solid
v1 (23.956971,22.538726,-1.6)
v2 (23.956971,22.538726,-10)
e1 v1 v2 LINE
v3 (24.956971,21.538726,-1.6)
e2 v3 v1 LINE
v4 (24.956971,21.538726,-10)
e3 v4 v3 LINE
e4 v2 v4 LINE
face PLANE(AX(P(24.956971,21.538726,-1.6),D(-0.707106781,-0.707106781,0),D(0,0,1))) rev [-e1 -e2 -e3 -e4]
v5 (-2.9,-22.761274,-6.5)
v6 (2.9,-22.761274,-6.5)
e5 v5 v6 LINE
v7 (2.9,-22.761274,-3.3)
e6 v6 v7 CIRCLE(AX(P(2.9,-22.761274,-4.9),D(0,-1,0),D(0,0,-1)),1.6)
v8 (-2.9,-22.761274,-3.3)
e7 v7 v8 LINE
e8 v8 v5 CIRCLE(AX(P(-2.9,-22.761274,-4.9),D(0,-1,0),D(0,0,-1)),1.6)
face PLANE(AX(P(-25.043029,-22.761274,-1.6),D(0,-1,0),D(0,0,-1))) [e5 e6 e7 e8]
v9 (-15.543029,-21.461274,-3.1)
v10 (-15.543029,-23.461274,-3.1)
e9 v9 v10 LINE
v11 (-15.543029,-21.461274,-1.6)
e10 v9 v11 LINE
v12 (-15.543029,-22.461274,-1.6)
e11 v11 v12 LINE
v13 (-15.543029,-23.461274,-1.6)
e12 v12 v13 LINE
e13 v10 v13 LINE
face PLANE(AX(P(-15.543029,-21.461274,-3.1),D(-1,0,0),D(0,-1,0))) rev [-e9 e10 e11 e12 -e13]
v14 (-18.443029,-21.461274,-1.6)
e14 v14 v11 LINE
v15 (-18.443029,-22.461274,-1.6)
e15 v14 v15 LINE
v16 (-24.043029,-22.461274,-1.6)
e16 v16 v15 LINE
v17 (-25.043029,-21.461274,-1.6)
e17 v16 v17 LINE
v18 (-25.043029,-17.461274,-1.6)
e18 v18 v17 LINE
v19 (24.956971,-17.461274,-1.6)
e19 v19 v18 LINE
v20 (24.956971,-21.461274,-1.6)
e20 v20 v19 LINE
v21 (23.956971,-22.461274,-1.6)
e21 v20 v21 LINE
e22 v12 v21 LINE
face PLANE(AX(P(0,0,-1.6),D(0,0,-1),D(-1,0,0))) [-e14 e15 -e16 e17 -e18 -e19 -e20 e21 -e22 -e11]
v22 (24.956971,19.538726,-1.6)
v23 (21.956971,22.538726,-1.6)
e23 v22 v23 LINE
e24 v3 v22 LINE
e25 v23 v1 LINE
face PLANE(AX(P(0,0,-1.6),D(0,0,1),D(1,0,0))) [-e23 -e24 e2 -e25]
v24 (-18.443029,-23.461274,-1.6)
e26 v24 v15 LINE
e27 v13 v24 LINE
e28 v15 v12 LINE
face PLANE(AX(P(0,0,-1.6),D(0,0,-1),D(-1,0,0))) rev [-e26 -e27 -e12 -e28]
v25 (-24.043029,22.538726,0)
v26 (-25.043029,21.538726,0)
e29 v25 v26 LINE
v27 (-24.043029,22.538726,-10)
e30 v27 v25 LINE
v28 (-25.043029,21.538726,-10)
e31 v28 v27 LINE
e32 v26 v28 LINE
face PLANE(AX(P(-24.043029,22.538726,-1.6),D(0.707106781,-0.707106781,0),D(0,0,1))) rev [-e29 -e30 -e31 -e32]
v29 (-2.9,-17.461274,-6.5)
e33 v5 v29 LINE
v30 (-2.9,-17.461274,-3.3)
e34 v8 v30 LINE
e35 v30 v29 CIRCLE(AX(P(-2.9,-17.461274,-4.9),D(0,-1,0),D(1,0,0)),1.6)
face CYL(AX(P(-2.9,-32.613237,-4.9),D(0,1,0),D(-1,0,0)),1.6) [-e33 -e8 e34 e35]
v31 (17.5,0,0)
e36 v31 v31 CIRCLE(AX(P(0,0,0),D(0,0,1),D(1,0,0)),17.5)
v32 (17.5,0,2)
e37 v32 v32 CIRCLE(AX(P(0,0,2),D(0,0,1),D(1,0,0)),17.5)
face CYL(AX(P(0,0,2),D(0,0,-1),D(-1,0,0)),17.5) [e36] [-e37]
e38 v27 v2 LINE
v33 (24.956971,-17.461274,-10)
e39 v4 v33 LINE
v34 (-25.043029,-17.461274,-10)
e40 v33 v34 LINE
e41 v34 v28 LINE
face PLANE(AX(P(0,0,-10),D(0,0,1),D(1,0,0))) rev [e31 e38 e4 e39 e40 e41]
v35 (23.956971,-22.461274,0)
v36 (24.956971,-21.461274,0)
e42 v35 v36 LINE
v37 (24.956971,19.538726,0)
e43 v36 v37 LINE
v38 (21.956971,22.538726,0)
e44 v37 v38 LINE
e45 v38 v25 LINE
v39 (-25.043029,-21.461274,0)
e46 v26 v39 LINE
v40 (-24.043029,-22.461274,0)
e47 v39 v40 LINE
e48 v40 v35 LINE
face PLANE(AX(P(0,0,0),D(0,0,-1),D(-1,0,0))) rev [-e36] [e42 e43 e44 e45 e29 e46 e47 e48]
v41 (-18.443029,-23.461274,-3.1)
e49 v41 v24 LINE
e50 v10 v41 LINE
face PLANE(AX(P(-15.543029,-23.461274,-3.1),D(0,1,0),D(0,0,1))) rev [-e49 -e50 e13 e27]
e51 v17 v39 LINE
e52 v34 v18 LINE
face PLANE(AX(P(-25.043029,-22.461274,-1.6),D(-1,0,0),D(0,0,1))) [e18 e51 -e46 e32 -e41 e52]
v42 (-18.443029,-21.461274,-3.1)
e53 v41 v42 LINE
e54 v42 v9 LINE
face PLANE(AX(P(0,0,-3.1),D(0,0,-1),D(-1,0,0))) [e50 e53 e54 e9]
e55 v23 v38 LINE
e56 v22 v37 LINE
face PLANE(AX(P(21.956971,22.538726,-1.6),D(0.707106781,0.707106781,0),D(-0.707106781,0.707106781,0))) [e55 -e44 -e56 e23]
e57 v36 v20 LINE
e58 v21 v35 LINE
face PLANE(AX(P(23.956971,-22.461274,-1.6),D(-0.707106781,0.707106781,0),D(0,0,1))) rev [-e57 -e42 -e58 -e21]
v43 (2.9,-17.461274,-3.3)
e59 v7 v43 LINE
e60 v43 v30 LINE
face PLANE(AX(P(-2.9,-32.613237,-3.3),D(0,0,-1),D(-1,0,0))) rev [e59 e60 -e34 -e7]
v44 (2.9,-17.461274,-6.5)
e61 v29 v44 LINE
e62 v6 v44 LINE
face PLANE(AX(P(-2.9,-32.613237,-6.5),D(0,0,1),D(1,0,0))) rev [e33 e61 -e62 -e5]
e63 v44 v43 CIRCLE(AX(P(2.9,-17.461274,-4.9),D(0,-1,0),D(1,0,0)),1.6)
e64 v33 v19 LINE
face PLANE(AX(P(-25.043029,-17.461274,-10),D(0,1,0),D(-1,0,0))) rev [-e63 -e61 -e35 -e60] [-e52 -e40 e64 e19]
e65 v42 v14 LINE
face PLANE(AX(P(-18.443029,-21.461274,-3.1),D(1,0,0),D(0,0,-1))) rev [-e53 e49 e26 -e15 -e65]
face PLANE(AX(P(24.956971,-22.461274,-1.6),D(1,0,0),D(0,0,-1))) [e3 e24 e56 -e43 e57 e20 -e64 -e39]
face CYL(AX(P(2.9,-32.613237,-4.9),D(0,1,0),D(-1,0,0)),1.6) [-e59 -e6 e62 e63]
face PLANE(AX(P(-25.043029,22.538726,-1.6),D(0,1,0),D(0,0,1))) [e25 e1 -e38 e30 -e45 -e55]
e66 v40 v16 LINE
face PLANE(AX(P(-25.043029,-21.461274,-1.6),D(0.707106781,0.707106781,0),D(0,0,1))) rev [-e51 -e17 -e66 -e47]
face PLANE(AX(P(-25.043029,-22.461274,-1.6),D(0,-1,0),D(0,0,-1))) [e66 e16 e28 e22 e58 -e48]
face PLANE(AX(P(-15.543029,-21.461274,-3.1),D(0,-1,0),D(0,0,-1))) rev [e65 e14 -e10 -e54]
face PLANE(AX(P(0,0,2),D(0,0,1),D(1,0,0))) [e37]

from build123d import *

# Parameters (mm, degrees)
EXTRUDE_1_DEPTH = 1.6
SKETCH_2_R      = 17.5
EXTRUDE_2_DEPTH = 2
SKETCH_3_W      = 50
SKETCH_3_H      = 40
EXTRUDE_3_DEPTH = 8.4
EXTRUDE_4_DEPTH = 5.3
SKETCH_5_W      = 2.9
SKETCH_5_H      = 2
EXTRUDE_5_DEPTH = 1.5
CHAMFER_1_SIZE  = 1


with BuildPart() as part:
    # 草图1 → 凸台-拉伸1 (new body)
    with BuildSketch(Plane.XY):
        Polygon((21.95697074, 22.538726334), (24.95697074, 19.538726334), (24.95697074, -22.461273666), (-25.04302926, -22.461273666), (-25.04302926, 22.538726334), align=None)
    extrude(amount=-EXTRUDE_1_DEPTH)

    # 草图2 → 凸台-拉伸2 (add)
    with BuildSketch(Plane.XY):
        Circle(SKETCH_2_R)
    extrude(amount=EXTRUDE_2_DEPTH)

    # 草图3 → 凸台-拉伸3 (add)
    with BuildSketch(Plane(origin=(0, 0, -1.6), x_dir=(-1, 0, 0), z_dir=(0, 0, -1))):
        with Locations((0.04302926, 2.538726334)):
            Rectangle(SKETCH_3_W, SKETCH_3_H)
    extrude(amount=EXTRUDE_3_DEPTH)

    # 草图4 → 凸台-拉伸4 (add)
    with BuildSketch(Plane.XZ.offset(17.461273666)):
        with BuildLine():
            Line((-2.9, -3.3), (2.9, -3.3))
            ThreePointArc((2.9, -3.3), (4.5, -4.9), (2.9, -6.5))
            Line((2.9, -6.5), (-2.9, -6.5))
            ThreePointArc((-2.9, -6.5), (-4.5, -4.9), (-2.9, -3.3))
        make_face()
    extrude(amount=EXTRUDE_4_DEPTH)

    # 草图5 → 凸台-拉伸5 (add)
    with BuildSketch(Plane(origin=(0, 0, -1.6), x_dir=(-1, 0, 0), z_dir=(0, 0, -1))):
        with Locations((16.99302926, -22.461273666)):
            Rectangle(SKETCH_5_W, SKETCH_5_H)
    extrude(amount=EXTRUDE_5_DEPTH)

    # 倒角1
    chamfer_1_edges = [part.edges().sort_by_distance(p)[0] for p in [
        (24.95697074, 22.538726334, -5.8),
        (-25.04302926, 22.538726334, -5),
        (24.95697074, -22.461273666, -0.8),
        (-25.04302926, -22.461273666, -0.8),
    ]]
    chamfer(chamfer_1_edges, length=CHAMFER_1_SIZE)


solid = part.part
